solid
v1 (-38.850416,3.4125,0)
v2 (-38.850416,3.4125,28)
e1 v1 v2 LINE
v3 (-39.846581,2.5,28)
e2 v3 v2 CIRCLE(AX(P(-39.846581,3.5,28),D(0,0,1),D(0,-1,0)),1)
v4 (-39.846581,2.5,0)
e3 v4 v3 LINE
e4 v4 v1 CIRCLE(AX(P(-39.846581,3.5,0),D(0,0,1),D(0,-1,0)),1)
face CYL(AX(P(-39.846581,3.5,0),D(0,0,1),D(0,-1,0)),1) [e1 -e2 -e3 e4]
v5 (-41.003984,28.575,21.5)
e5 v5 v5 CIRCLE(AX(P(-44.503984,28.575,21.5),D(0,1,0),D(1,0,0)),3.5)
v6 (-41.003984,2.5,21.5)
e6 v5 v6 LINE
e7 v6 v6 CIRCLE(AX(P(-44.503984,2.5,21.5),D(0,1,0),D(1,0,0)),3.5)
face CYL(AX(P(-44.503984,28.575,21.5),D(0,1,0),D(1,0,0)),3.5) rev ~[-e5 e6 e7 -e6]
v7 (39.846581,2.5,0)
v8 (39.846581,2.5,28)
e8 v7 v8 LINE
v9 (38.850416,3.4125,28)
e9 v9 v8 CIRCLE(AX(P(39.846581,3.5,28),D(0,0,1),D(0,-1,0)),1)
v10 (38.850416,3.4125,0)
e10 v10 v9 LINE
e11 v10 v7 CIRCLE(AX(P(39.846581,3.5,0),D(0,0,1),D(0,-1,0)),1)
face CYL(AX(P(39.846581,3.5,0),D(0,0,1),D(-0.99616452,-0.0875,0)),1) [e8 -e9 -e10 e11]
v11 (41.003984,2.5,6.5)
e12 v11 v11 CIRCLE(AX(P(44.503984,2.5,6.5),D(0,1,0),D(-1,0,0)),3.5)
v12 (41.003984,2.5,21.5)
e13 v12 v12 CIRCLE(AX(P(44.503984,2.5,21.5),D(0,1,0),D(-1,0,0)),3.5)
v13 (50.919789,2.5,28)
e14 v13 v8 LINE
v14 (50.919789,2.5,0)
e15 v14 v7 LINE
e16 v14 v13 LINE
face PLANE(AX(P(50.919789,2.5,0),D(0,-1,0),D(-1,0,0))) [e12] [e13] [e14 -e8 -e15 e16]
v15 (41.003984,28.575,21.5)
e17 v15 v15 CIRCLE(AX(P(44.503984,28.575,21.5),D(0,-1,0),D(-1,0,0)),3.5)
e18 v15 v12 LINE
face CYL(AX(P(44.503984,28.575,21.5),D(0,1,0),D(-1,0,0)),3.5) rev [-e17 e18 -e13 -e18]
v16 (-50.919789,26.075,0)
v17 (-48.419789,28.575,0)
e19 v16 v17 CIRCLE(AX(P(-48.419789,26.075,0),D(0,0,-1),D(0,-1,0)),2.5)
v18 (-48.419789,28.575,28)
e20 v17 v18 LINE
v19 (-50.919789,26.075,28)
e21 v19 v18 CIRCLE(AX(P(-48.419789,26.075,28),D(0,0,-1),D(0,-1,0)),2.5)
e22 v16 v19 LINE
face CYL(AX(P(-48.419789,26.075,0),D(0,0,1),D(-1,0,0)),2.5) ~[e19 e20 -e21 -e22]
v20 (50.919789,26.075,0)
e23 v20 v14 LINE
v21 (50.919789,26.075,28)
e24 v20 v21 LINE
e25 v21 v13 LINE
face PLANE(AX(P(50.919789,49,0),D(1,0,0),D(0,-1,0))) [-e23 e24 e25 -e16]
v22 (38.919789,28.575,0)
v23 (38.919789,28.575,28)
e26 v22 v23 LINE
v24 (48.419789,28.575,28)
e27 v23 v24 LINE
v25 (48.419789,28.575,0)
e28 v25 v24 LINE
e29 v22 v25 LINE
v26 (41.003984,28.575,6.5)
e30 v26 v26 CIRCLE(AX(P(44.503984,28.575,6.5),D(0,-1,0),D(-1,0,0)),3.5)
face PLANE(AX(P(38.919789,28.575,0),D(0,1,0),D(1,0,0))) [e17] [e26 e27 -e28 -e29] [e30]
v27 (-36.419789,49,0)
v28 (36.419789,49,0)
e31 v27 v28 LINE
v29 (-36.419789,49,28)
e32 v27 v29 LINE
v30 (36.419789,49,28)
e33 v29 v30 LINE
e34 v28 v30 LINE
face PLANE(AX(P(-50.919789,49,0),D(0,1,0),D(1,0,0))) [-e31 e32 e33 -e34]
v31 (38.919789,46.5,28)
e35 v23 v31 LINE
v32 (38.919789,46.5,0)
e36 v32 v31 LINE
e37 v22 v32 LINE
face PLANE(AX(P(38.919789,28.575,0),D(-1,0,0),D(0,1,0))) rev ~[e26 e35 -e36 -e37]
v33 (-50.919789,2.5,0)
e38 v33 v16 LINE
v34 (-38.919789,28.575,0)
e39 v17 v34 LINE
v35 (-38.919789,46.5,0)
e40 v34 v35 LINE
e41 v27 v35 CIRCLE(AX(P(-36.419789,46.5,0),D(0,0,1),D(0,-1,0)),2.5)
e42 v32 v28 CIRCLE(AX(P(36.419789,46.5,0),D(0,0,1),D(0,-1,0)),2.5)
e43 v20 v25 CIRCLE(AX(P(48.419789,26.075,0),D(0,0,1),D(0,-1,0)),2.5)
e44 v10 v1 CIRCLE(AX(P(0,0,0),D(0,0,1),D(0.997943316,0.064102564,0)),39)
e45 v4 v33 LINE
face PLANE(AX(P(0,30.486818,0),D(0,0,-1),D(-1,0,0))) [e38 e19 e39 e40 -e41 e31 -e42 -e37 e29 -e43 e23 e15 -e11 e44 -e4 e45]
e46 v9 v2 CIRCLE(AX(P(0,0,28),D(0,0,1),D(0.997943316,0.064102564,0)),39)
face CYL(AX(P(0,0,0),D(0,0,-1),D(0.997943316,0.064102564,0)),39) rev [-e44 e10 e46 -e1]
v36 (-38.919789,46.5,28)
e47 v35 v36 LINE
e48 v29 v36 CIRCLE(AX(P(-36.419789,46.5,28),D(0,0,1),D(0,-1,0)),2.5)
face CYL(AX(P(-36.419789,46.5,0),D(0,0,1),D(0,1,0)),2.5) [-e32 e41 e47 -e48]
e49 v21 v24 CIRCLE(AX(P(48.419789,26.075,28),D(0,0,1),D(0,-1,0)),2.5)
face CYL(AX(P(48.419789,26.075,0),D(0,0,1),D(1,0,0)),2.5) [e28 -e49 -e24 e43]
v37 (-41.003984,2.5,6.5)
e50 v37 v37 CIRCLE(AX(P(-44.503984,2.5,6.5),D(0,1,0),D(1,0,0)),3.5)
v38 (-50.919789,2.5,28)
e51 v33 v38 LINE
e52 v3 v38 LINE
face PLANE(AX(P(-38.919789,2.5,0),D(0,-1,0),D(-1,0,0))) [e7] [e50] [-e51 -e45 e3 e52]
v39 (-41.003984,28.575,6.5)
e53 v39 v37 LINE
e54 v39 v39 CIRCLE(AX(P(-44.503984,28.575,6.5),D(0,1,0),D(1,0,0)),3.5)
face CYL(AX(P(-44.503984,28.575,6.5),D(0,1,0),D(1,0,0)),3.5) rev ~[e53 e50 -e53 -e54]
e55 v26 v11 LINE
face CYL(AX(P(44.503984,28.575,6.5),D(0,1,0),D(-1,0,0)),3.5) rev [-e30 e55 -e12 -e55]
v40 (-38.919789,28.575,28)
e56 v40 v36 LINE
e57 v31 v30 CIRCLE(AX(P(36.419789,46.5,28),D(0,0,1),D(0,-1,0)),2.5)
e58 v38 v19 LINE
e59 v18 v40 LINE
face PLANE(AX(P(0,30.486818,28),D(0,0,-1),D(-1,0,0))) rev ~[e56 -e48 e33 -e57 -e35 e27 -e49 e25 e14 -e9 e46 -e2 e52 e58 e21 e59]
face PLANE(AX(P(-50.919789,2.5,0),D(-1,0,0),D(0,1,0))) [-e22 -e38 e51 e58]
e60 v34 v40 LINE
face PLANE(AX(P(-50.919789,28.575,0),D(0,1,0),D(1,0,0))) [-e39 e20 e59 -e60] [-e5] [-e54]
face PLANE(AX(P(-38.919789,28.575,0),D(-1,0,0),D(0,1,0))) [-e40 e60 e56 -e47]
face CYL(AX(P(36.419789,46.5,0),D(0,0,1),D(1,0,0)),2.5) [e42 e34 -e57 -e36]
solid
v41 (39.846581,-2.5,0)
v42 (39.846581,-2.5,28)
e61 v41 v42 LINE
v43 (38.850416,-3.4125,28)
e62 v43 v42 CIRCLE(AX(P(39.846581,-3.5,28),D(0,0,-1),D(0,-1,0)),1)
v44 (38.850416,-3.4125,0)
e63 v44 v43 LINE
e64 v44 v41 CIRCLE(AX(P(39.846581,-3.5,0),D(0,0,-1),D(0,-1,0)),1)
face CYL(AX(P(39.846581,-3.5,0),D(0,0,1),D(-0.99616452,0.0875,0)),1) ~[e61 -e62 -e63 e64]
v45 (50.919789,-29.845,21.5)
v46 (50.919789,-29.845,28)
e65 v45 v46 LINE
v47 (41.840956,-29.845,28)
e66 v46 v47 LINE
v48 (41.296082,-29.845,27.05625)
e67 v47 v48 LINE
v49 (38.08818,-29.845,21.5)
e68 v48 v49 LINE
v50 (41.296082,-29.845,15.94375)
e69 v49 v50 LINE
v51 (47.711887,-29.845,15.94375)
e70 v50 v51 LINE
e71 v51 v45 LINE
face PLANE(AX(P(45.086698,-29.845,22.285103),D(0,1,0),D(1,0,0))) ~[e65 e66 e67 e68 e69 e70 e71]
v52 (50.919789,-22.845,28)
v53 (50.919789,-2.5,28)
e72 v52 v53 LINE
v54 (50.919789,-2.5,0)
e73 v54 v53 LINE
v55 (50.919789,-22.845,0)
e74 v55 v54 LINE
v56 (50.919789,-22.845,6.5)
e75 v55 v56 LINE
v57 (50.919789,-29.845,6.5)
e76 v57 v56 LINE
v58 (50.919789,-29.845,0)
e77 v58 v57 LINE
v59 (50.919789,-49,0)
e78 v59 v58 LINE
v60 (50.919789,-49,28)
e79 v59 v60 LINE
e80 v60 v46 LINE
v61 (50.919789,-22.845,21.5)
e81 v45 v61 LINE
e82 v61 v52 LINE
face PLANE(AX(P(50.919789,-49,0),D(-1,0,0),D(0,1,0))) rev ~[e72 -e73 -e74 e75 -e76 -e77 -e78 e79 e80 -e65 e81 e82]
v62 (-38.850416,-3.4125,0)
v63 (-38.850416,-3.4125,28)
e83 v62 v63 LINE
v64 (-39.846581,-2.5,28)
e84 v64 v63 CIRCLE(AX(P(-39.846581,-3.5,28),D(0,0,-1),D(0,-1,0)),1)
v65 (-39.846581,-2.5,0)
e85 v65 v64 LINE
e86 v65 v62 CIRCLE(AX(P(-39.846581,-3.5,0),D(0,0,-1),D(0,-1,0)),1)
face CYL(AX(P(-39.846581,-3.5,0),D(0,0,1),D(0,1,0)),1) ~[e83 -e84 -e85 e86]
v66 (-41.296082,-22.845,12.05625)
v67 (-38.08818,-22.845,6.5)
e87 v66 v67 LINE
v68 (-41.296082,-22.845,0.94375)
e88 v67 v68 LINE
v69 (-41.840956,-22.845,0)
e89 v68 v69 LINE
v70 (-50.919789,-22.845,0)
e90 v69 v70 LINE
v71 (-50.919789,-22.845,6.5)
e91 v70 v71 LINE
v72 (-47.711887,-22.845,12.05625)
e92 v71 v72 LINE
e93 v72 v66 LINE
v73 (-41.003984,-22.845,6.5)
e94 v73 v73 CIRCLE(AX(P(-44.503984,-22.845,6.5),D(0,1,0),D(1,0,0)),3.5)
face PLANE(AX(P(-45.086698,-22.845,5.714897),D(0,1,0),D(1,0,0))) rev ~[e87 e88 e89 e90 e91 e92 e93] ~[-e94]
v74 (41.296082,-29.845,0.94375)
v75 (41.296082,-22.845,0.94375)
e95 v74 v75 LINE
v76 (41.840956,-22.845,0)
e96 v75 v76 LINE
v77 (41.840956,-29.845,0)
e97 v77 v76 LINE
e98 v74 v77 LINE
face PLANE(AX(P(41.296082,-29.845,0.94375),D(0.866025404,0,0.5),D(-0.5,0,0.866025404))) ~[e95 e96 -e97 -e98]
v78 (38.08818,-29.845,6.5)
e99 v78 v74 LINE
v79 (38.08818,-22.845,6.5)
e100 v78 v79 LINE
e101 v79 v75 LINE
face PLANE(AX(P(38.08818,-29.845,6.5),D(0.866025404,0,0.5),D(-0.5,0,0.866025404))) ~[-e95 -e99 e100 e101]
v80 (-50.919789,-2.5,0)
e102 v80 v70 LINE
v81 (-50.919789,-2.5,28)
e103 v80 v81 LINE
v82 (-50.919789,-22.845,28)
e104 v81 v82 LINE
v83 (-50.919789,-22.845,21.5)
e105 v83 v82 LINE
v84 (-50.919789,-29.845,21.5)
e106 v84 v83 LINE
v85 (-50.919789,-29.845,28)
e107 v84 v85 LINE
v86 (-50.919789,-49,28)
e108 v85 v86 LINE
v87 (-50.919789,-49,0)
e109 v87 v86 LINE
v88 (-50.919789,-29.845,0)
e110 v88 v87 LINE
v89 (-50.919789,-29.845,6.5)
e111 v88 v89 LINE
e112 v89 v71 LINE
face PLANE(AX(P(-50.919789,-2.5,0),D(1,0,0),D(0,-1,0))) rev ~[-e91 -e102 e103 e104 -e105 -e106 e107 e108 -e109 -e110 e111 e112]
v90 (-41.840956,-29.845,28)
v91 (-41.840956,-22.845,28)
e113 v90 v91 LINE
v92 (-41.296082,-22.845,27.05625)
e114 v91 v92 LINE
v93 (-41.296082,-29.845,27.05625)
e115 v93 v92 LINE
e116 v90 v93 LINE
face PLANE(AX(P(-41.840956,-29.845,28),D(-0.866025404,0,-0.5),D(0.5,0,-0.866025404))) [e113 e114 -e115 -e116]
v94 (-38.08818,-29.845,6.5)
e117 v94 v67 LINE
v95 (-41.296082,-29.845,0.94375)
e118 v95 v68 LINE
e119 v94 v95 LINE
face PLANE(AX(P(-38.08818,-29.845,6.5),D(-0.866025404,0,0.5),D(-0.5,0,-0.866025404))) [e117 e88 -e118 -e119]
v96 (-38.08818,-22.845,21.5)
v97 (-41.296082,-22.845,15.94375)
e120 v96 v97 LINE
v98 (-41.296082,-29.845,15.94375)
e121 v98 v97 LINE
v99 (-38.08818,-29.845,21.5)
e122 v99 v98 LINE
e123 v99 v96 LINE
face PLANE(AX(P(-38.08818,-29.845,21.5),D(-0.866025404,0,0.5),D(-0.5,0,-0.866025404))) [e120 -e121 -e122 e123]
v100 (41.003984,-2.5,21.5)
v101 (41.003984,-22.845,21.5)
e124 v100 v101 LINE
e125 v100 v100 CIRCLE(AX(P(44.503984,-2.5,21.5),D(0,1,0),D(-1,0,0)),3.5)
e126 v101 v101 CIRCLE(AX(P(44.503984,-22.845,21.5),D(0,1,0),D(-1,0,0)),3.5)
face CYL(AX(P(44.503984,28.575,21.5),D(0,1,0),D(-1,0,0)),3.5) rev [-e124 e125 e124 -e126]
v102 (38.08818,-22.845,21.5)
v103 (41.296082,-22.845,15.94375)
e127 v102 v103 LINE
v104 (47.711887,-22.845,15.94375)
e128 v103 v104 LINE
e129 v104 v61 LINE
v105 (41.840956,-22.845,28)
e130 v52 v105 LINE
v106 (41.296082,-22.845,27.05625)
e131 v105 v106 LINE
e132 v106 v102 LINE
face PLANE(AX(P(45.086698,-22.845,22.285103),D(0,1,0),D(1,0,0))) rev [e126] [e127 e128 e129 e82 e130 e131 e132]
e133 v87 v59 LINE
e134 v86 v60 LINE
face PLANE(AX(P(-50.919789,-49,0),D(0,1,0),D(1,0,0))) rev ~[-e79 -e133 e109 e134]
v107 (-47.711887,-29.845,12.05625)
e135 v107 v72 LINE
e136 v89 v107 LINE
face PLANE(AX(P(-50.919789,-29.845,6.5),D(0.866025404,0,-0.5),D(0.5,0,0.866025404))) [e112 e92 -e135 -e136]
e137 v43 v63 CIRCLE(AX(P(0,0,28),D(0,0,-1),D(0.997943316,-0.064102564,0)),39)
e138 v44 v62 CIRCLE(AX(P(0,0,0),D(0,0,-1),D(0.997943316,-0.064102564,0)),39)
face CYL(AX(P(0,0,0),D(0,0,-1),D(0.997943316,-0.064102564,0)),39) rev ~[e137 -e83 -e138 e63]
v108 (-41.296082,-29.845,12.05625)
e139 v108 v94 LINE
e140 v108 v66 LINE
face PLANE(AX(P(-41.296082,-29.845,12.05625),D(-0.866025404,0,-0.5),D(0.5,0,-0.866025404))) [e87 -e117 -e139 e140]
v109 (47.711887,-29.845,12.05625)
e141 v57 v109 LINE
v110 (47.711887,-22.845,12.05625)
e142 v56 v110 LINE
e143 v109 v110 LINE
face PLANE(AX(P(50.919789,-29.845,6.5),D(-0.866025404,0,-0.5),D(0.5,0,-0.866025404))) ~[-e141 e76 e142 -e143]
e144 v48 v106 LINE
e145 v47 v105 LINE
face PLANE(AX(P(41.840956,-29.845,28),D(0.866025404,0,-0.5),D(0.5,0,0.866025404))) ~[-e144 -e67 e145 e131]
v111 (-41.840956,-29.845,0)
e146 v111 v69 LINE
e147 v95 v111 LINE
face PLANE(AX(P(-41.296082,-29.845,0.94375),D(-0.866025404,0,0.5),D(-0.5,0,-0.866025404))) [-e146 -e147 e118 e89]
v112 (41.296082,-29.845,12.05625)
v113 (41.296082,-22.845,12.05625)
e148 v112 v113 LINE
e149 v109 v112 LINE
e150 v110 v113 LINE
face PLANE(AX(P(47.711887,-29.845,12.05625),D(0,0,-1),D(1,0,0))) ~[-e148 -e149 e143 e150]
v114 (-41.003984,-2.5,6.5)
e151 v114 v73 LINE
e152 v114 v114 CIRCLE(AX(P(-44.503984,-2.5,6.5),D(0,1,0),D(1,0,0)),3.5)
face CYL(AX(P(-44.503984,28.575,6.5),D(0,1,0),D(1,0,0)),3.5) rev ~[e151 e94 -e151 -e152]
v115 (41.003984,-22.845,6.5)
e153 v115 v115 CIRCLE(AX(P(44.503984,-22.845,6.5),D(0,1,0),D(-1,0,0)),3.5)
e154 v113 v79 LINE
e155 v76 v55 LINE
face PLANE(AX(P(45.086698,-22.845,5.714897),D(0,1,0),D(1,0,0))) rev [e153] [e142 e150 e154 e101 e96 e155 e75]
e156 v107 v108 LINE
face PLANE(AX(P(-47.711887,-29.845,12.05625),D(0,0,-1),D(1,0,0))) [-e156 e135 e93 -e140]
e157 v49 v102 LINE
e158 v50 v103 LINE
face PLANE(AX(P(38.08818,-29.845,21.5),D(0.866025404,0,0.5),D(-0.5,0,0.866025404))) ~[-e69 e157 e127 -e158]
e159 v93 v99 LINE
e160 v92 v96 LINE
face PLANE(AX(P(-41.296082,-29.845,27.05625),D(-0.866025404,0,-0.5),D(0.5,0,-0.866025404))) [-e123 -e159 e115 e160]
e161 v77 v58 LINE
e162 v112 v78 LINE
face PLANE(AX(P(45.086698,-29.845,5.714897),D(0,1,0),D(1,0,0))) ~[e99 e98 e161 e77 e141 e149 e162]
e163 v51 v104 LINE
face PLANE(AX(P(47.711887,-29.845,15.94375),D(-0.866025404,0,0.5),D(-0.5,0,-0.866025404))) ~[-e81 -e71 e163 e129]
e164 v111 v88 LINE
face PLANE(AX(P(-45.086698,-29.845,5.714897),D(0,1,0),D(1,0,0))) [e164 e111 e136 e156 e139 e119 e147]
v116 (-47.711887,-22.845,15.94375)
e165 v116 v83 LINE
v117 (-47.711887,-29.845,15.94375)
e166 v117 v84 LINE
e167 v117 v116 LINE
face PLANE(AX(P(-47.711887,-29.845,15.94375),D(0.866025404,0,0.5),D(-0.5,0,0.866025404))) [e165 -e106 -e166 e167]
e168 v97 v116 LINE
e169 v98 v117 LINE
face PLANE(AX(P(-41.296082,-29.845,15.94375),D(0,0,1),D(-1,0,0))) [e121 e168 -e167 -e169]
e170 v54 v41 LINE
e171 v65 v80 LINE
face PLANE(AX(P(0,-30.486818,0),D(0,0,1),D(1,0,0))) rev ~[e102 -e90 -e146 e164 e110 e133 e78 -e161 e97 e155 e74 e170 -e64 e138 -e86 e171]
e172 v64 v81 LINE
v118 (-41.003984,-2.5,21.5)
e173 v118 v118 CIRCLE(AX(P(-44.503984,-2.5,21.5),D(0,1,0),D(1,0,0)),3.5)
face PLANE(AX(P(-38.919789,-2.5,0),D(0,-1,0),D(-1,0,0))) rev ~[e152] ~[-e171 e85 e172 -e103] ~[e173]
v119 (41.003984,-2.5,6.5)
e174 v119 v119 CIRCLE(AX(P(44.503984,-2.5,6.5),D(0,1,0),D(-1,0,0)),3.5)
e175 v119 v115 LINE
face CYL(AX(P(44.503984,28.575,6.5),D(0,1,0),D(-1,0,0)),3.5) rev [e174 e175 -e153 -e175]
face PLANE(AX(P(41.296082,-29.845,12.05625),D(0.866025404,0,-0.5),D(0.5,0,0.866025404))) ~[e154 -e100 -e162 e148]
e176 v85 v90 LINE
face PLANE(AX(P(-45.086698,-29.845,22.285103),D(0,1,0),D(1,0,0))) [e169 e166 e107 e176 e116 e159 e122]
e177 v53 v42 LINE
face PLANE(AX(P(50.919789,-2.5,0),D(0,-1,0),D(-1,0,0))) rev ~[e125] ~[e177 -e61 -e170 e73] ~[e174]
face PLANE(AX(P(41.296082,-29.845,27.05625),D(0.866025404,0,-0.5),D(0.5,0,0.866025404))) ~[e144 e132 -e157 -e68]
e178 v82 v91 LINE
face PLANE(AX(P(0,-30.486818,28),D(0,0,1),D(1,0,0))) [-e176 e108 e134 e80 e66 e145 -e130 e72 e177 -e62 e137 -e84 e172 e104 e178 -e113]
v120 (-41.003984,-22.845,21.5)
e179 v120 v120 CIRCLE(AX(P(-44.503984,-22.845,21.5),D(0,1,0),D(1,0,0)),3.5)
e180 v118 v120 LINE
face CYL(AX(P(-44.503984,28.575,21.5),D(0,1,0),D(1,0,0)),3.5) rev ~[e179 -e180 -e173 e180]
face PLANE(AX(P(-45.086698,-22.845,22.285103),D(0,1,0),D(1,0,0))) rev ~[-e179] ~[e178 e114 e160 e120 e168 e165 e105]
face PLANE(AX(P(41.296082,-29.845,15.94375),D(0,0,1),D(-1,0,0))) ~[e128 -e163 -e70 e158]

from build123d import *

# Parameters (mm, degrees)
BOSS_EXTRUDE1_DEPTH     = 28
BOSS_EXTRUDE2_DEPTH     = 28
SKETCH3_R               = 3.5
CUT_EXTRUDE1_DEPTH      = 58.42
FILLET1_R               = 1
FILLET2_R               = 1
SKETCH5_W               = 12
SKETCH5_H               = 20.425
CUT_EXTRUDE3_DEPTH      = 29
CUT_EXTRUDE3_DEPTH_BACK = 1
FILLET3_R               = 2.5
CUT_EXTRUDE4_DEPTH      = 7


with BuildPart() as part:
    # Sketch1 → Boss-Extrude1 (new body)
    with BuildSketch(Plane.XY):
        with BuildLine():
            Line((-38.919789311, -2.5), (-50.919789311, -2.5))
            Line((-50.919789311, -2.5), (-50.919789311, -49))
            Line((-50.919789311, -49), (50.919789311, -49))
            Line((50.919789311, -49), (50.919789311, -2.5))
            Line((50.919789311, -2.5), (38.919789311, -2.5))
            ThreePointArc((38.919789311, -2.5), (0, -39), (-38.919789311, -2.5))
        make_face()
    extrude(amount=BOSS_EXTRUDE1_DEPTH)


with BuildPart() as body_2:
    # Sketch2 → Boss-Extrude2 (new body)
    with BuildSketch(Plane.XY):
        with BuildLine():
            Line((-38.919789311, 2.5), (-50.919789311, 2.5))
            Line((-50.919789311, 2.5), (-50.919789311, 49))
            Line((-50.919789311, 49), (50.919789311, 49))
            Line((50.919789311, 49), (50.919789311, 2.5))
            Line((50.919789311, 2.5), (38.919789311, 2.5))
            ThreePointArc((38.919789311, 2.5), (0, 39), (-38.919789311, 2.5))
        make_face()
    extrude(amount=BOSS_EXTRUDE2_DEPTH)


with BuildPart() as cut_extrude1_tool:
    # Sketch3 → Cut-Extrude1 (new body)
    with BuildSketch(Plane(origin=(0, 28.575, 0), x_dir=(1, 0, 0), z_dir=(0, 1, 0))):
        with Locations((-44.503984444, -6.5)):
            Circle(SKETCH3_R)
        with Locations((-44.503984444, -21.5)):
            Circle(SKETCH3_R)
    cut_extrude1 = extrude(amount=-CUT_EXTRUDE1_DEPTH)


with BuildPart() as part_1:
    add(part.part)

    # Cut-Extrude1: cut by cut_extrude1_tool
    add(cut_extrude1_tool.part, mode=Mode.SUBTRACT)

    # Fillet1
    fillet1_edges = [part_1.edges().sort_by_distance(p)[0] for p in [
        (38.919789311, -2.5, 14),
        (-38.919789311, -2.5, 14),
    ]]
    fillet(fillet1_edges, radius=FILLET1_R)

    # Sketch7 → Cut-Extrude4 (cut)
    with BuildSketch(Plane(origin=(0, -29.845, 0), x_dir=(1, 0, 0), z_dir=(0, 1, 0))):
        Polygon((-38.088179578, -6.5), (-41.296082011, -0.94375), (-41.840956328, 0), (-50.919789311, 0), (-50.919789311, -6.5), (-47.711886878, -12.05625), (-41.296082011, -12.05625), align=None)
        Polygon((-50.919789311, -28), (-41.840956328, -28), (-41.296082011, -27.05625), (-38.088179578, -21.5), (-41.296082011, -15.94375), (-47.711886878, -15.94375), (-50.919789311, -21.5), align=None)
    cut_extrude4 = extrude(amount=CUT_EXTRUDE4_DEPTH, mode=Mode.SUBTRACT)


with BuildPart() as body_2_1:
    add(body_2.part)

    # Cut-Extrude1: cut by cut_extrude1_tool
    add(cut_extrude1_tool.part, mode=Mode.SUBTRACT)

    # Fillet2
    fillet2_edges = [body_2_1.edges().sort_by_distance(p)[0] for p in [
        (-38.919789311, 2.5, 14),
        (38.919789311, 2.5, 14),
    ]]
    fillet(fillet2_edges, radius=FILLET2_R)

    # Sketch5 → Cut-Extrude3 (cut, two sides)
    with BuildSketch(Plane.XY) as cut_extrude3_sk:
        with Locations((-44.919789311, 38.7875)):
            Rectangle(SKETCH5_W, SKETCH5_H)
        with Locations((44.919789311, 38.7875)):
            Rectangle(SKETCH5_W, SKETCH5_H)
    extrude(amount=CUT_EXTRUDE3_DEPTH, mode=Mode.SUBTRACT)
    extrude(cut_extrude3_sk.sketch, amount=-CUT_EXTRUDE3_DEPTH_BACK, mode=Mode.SUBTRACT)

    # Fillet3
    fillet3_edges = [body_2_1.edges().sort_by_distance(p)[0] for p in [
        (-50.919789311, 28.575, 14),
        (-38.919789311, 49, 14),
        (38.919789311, 49, 14),
        (50.919789311, 28.575, 14),
    ]]
    fillet(fillet3_edges, radius=FILLET3_R)


with BuildPart() as mirror3_tool:
    # Mirror3: Cut-Extrude1, Cut-Extrude4 across plane
    add(cut_extrude1.mirror(Plane(origin=(0, 0, 0), x_dir=(0, 0, 1), z_dir=(1, 0, 0))))
    add(cut_extrude4.mirror(Plane(origin=(0, 0, 0), x_dir=(0, 0, 1), z_dir=(1, 0, 0))))


with BuildPart() as part_2:
    add(part_1.part)

    # Mirror3: cut by mirror3_tool
    add(mirror3_tool.part, mode=Mode.SUBTRACT)


with BuildPart() as body_2_2:
    add(body_2_1.part)

    # Mirror3: cut by mirror3_tool
    add(mirror3_tool.part, mode=Mode.SUBTRACT)


solid = Compound([part_2.part, body_2_2.part])
